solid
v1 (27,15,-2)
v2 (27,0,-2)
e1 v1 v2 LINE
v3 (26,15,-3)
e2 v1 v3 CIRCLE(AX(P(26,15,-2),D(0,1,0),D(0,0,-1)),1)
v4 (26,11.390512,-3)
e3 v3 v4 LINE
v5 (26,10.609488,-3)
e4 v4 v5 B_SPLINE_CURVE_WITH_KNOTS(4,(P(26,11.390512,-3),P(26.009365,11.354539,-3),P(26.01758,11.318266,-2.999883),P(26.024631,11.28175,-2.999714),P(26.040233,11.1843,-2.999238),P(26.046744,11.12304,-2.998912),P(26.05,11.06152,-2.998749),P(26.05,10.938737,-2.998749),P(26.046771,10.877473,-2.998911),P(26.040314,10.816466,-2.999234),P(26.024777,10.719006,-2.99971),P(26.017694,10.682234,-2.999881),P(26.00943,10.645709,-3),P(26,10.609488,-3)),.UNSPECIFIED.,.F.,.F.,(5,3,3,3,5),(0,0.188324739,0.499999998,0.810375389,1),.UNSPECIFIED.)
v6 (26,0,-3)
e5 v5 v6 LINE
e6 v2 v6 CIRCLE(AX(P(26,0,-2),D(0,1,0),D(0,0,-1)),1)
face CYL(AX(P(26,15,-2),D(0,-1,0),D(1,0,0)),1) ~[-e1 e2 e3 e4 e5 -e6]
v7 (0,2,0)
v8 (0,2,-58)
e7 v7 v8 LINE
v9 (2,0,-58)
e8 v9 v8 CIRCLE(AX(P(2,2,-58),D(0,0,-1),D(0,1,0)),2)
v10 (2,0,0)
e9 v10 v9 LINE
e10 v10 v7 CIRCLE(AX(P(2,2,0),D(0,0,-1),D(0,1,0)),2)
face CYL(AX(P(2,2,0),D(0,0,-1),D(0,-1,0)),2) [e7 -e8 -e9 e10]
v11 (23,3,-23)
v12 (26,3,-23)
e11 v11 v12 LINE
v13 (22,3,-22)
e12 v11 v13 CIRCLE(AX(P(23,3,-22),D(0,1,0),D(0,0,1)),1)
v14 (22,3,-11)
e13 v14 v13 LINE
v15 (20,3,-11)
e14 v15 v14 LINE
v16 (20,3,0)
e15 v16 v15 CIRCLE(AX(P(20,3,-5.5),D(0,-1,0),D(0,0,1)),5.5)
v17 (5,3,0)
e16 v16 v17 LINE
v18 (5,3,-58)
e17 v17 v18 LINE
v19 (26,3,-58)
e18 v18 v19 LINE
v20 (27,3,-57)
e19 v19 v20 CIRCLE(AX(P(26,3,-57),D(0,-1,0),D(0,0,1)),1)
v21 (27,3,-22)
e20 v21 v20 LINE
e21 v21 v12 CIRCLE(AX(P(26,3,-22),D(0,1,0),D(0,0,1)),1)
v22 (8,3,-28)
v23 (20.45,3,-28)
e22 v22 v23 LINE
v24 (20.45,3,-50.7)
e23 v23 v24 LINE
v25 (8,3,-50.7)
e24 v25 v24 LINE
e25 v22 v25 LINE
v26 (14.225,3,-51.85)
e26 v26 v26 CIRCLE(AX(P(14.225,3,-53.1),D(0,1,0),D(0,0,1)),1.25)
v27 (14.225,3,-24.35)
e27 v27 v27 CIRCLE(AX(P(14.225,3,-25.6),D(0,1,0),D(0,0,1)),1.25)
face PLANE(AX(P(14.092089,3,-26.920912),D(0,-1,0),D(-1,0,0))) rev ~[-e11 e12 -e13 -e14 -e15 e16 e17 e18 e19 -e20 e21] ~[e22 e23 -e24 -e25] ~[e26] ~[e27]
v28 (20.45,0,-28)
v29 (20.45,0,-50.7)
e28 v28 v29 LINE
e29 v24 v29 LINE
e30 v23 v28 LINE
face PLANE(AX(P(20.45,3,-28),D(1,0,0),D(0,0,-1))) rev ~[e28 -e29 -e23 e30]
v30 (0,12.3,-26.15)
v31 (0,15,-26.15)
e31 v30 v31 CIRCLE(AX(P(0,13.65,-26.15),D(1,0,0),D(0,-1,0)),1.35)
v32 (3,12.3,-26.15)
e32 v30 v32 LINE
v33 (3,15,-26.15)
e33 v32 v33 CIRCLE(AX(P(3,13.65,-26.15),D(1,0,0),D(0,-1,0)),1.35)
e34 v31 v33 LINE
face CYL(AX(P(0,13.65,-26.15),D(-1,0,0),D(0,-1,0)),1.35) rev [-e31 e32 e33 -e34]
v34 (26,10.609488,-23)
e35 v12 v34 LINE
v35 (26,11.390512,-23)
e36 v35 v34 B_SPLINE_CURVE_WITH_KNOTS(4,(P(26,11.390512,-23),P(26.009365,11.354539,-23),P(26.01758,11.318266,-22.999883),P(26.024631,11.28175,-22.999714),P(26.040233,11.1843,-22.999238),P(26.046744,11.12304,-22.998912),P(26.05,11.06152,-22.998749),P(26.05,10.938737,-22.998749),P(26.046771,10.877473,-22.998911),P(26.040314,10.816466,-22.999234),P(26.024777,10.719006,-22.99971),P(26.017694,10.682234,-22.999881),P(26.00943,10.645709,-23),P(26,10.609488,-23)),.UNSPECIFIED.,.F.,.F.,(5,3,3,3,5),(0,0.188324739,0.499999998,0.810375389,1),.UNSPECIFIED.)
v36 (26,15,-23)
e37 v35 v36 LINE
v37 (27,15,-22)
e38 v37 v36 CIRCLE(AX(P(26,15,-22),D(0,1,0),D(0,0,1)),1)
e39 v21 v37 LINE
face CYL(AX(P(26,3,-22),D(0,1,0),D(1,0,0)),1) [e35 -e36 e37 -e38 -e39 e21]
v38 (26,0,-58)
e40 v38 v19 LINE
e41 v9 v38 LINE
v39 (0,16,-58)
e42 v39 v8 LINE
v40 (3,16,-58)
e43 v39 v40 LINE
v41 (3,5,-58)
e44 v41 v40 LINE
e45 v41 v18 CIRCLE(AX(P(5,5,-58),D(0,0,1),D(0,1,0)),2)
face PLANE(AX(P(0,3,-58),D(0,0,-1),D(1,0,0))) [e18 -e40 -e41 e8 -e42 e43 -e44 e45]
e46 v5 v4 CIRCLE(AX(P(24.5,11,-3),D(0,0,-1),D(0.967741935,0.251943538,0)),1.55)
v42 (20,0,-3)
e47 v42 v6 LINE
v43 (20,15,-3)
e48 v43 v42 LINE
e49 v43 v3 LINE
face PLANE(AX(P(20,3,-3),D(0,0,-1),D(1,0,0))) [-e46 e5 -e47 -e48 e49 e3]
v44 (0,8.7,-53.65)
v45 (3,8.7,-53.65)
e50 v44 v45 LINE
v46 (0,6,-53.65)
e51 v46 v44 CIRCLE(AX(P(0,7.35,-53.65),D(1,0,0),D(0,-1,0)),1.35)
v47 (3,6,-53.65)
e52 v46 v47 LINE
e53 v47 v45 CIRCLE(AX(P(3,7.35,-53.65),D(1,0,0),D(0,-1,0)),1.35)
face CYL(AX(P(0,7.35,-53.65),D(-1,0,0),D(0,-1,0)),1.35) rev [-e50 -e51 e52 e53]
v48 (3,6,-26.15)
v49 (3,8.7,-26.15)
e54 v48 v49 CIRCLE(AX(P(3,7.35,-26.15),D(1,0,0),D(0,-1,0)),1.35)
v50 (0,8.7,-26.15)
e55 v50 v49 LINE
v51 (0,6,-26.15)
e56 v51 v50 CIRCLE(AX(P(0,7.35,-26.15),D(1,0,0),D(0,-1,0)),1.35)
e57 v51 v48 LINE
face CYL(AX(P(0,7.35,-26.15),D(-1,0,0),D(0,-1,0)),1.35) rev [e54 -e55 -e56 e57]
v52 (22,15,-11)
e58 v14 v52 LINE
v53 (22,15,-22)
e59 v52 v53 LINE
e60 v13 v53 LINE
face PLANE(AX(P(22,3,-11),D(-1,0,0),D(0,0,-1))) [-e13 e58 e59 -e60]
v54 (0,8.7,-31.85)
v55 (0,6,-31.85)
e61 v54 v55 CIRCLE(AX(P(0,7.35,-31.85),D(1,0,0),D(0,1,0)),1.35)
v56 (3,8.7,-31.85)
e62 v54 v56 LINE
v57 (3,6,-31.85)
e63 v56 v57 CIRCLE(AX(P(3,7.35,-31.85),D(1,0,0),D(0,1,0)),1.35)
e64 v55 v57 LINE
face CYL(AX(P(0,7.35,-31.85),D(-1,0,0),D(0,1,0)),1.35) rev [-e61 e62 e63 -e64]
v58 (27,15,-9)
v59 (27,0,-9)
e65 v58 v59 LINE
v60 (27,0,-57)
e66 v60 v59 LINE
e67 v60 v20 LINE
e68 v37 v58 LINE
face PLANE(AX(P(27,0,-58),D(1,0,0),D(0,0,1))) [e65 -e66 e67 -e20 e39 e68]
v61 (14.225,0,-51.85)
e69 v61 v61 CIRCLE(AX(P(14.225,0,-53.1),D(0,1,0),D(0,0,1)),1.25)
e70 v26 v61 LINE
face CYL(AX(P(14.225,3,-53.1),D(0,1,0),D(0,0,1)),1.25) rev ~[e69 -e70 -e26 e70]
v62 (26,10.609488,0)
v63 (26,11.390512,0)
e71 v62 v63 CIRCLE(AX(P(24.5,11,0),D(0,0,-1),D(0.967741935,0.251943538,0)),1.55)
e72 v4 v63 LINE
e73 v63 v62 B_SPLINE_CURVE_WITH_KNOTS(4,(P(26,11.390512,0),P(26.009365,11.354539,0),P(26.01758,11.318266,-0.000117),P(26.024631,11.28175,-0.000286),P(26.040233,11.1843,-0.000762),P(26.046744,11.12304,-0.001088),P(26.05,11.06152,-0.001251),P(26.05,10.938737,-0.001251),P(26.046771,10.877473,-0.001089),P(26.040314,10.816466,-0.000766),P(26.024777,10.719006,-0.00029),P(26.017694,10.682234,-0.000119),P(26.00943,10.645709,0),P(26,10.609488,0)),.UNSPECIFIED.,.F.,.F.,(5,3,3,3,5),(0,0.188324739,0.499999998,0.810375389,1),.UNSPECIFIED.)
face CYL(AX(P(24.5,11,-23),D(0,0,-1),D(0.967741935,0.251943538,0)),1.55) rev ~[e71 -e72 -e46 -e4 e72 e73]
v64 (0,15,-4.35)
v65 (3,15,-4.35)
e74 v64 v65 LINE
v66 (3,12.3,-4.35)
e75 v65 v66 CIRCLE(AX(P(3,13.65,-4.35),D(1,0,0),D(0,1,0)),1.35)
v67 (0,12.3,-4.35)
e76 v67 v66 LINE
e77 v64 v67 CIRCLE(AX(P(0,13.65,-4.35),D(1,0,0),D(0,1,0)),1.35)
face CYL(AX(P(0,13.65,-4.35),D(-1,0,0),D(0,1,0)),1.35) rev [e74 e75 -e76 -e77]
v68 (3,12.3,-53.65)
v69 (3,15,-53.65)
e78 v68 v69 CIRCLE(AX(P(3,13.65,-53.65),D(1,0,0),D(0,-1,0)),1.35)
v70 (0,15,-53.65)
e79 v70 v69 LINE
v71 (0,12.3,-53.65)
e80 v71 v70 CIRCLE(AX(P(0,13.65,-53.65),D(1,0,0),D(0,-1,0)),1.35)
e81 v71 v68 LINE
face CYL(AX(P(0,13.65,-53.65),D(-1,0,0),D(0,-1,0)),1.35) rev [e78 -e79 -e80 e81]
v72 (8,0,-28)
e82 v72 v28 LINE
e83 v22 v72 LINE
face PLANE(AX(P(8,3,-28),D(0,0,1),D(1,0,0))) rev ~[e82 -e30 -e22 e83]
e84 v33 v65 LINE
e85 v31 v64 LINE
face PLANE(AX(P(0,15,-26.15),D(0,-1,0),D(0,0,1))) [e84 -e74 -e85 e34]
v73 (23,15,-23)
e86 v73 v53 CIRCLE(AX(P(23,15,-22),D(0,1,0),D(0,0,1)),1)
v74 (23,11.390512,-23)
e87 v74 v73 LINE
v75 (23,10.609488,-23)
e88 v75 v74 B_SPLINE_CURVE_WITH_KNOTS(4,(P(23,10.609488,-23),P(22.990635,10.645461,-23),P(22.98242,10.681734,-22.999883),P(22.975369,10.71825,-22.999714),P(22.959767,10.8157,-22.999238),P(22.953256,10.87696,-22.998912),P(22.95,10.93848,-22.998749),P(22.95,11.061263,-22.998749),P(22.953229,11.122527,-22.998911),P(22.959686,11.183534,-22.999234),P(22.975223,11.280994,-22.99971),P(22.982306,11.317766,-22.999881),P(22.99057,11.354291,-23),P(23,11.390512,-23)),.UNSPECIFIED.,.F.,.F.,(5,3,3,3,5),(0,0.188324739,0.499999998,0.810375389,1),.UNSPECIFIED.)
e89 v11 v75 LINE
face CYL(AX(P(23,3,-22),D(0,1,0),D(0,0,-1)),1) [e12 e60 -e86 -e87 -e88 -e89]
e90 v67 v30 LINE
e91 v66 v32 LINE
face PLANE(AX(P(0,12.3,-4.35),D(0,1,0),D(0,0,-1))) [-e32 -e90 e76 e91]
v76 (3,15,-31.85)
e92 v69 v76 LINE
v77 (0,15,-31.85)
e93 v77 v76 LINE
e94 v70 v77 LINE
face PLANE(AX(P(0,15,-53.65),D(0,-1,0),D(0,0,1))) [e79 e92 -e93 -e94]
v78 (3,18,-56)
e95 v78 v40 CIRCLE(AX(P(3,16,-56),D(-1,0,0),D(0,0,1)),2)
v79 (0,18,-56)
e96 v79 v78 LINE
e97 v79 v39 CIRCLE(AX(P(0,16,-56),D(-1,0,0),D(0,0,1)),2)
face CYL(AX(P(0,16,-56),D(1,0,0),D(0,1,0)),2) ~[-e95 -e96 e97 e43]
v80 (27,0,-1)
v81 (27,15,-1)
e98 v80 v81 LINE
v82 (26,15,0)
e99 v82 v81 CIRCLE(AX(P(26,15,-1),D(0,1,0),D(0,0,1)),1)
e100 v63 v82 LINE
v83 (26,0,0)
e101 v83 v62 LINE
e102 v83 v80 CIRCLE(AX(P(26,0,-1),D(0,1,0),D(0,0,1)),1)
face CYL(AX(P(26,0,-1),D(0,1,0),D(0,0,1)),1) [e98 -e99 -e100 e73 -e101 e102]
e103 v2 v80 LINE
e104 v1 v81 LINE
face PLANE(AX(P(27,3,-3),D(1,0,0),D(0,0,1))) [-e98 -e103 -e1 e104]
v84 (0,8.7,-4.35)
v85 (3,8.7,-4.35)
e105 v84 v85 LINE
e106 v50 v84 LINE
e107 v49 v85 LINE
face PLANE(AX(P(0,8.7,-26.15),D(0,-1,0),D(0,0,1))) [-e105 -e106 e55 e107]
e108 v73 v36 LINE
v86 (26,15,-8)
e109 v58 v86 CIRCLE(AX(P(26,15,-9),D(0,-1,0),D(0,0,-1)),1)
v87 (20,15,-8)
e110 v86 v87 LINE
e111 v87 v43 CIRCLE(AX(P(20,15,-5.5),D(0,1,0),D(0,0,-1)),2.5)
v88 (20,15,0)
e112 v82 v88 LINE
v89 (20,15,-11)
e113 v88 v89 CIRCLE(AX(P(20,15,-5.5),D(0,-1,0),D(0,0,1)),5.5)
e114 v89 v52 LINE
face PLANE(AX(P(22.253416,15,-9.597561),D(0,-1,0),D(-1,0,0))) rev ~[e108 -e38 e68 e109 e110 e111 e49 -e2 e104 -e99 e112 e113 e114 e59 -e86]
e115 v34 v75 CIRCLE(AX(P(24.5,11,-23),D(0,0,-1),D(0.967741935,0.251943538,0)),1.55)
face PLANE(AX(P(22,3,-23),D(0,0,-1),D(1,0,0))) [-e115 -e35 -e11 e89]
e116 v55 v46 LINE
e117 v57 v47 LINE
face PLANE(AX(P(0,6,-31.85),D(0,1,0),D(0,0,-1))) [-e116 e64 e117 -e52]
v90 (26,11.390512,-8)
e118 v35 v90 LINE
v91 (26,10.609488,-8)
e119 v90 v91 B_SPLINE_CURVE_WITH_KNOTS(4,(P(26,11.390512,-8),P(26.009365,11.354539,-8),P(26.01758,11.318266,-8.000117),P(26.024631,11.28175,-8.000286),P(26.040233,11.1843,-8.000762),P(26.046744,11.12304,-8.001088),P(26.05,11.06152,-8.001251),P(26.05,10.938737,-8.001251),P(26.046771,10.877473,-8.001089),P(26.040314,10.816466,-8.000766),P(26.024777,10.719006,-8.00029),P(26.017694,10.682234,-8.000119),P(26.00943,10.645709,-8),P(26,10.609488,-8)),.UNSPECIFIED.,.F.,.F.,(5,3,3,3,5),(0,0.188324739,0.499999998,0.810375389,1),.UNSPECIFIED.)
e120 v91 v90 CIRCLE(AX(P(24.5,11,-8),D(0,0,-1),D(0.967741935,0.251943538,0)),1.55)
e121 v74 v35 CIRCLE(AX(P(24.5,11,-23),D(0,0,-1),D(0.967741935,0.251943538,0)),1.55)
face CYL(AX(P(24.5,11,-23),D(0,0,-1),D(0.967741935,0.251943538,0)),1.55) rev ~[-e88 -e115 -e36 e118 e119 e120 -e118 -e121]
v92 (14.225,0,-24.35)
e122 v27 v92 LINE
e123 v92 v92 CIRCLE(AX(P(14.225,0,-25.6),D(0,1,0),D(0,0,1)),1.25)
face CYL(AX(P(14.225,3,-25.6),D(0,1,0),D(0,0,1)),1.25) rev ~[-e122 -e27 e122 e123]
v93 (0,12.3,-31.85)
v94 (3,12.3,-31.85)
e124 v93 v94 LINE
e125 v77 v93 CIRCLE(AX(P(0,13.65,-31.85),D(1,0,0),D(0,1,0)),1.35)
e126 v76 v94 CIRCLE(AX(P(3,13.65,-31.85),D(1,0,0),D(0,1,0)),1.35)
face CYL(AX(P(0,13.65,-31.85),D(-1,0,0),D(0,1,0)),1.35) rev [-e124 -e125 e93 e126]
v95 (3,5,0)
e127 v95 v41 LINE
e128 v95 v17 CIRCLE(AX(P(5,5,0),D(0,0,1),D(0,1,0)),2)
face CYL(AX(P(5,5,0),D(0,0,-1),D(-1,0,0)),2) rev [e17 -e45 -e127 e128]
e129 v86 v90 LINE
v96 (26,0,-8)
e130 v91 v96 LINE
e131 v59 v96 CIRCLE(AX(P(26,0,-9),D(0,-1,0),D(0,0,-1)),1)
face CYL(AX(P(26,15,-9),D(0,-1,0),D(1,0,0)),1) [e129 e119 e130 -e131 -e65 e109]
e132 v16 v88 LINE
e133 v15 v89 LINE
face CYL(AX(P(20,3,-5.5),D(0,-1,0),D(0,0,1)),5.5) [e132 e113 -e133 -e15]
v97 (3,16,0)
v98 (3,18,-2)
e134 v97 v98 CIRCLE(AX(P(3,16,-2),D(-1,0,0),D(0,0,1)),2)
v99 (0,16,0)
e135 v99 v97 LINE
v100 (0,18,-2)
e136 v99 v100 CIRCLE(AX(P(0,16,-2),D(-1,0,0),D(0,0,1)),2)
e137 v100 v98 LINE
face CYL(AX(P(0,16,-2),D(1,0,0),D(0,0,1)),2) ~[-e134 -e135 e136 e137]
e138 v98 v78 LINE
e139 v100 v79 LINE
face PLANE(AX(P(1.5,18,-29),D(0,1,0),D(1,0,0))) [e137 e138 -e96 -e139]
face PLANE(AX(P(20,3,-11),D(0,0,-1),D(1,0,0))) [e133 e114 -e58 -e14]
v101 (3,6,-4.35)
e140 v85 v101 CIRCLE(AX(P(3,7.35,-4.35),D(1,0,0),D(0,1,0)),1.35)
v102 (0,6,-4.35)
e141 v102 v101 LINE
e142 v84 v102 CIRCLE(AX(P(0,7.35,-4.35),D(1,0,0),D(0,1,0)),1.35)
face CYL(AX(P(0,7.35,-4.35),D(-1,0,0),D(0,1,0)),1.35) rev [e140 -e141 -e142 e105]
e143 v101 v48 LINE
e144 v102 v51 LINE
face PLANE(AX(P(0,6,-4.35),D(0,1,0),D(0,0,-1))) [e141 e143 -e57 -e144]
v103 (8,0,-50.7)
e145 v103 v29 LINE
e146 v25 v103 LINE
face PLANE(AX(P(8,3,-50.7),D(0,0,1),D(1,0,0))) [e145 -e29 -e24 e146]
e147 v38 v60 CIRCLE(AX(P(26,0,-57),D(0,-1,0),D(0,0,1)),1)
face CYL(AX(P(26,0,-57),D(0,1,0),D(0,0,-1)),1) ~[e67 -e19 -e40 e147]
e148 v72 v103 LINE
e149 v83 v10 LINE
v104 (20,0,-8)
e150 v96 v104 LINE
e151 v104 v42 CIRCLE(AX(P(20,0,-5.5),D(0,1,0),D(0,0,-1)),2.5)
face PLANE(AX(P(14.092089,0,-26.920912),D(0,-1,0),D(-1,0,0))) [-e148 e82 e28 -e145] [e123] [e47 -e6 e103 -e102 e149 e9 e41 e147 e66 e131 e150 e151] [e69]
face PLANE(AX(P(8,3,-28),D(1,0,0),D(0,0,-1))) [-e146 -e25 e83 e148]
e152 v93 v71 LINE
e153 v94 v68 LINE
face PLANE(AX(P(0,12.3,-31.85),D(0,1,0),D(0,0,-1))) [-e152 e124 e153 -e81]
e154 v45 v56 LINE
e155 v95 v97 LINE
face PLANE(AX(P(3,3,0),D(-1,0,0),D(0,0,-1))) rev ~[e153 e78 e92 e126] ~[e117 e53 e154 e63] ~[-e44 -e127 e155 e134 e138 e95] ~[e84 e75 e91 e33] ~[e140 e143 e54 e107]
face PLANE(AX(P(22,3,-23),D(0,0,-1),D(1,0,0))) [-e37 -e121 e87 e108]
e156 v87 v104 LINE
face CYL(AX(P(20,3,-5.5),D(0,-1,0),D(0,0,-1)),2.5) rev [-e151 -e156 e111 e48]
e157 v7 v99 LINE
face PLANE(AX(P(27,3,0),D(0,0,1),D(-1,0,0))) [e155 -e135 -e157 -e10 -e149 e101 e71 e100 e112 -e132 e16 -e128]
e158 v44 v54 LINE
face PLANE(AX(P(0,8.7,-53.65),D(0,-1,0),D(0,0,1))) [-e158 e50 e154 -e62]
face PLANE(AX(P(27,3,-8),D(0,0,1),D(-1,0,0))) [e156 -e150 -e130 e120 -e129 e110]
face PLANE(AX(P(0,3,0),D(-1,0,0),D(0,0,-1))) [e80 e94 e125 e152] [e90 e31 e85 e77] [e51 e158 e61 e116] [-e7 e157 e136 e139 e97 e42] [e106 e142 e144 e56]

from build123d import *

# Parameters (mm, degrees)
BOSS_EXTRUDE1_DEPTH = 3
SKETCH2_R           = 1.25
SKETCH2_W           = 12.45
SKETCH2_H           = 22.7
CUT_EXTRUDE1_DEPTH  = 3
SKETCH3_W           = 3
SKETCH3_H           = 58
BOSS_EXTRUDE2_DEPTH = 15
BOSS_EXTRUDE3_DEPTH = 12
FILLET1_R           = 2
FILLET2_R           = 2
FILLET3_R           = 1
CUT_EXTRUDE2_DEPTH  = 3
SKETCH7_R           = 1.55
CUT_EXTRUDE3_DEPTH  = 48.728398255


with BuildPart() as part:
    # Sketch1 → Boss-Extrude1 (new body)
    with BuildSketch(Plane(origin=(0, 0, 0), x_dir=(1, 0, 0), z_dir=(0, 1, 0))):
        with BuildLine():
            Line((27, 8), (20, 8))
            ThreePointArc((20, 8), (17.5, 5.5), (20, 3))
            Line((20, 3), (27, 3))
            Line((27, 3), (27, 0))
            Line((27, 0), (0, 0))
            Line((0, 0), (0, 58))
            Line((0, 58), (27, 58))
            Line((27, 58), (27, 8))
        make_face()
    extrude(amount=BOSS_EXTRUDE1_DEPTH)

    # Sketch2 → Cut-Extrude1 (cut)
    with BuildSketch(Plane(origin=(0, 3, 0), x_dir=(1, 0, 0), z_dir=(0, 1, 0))):
        with Locations(Location((14.225, 53.1, 0), (0, 0, 270))):
            Circle(SKETCH2_R)
        with Locations(Location((14.225, 25.6, 0), (0, 0, 270))):
            Circle(SKETCH2_R)
        with Locations((14.225, 39.35)):
            Rectangle(SKETCH2_W, SKETCH2_H)
    extrude(amount=-CUT_EXTRUDE1_DEPTH, mode=Mode.SUBTRACT)

    # Sketch3 → Boss-Extrude2 (add)
    with BuildSketch(Plane(origin=(0, 3, 0), x_dir=(1, 0, 0), z_dir=(0, 1, 0))):
        with Locations((1.5, 29)):
            Rectangle(SKETCH3_W, SKETCH3_H)
    extrude(amount=BOSS_EXTRUDE2_DEPTH)

    # Sketch4 → Boss-Extrude3 (add)
    with BuildSketch(Plane(origin=(0, 3, 0), x_dir=(1, 0, 0), z_dir=(0, 1, 0))):
        with BuildLine():
            Line((20, 11), (22, 11))
            Line((22, 11), (22, 23))
            Line((22, 23), (27, 23))
            Line((27, 23), (27, 11))
            Line((27, 11), (27, 8))
            Line((27, 8), (20, 8))
            ThreePointArc((20, 8), (17.5, 5.5), (20, 3))
            Line((20, 3), (27, 3))
            Line((27, 3), (27, 0))
            Line((27, 0), (20, 0))
            ThreePointArc((20, 0), (14.5, 5.5), (20, 11))
        make_face()
    extrude(amount=BOSS_EXTRUDE3_DEPTH)

    # Fillet1
    fillet1_edges = [part.edges().sort_by_distance(p)[0] for p in [
        (0, 0, -29),
        (3, 3, -29),
    ]]
    fillet(fillet1_edges, radius=FILLET1_R)

    # Fillet2
    fillet2_edges = [part.edges().sort_by_distance(p)[0] for p in [
        (1.5, 18, 0),
        (1.5, 18, -58),
    ]]
    fillet(fillet2_edges, radius=FILLET2_R)

    # Fillet3
    fillet3_edges = [part.edges().sort_by_distance(p)[0] for p in [
        (27, 1.5, -58),
        (27, 7.5, -8),
        (27, 7.5, -3),
        (27, 7.5, 0),
        (27, 9, -23),
        (22, 9, -23),
    ]]
    fillet(fillet3_edges, radius=FILLET3_R)

    # Sketch5 → Cut-Extrude2 (cut)
    with BuildSketch(Plane.ZY):
        with BuildLine():
            Line((-53.65, 15), (-31.85, 15))
            ThreePointArc((-31.85, 15), (-30.5, 13.65), (-31.85, 12.3))
            Line((-31.85, 12.3), (-53.65, 12.3))
            ThreePointArc((-53.65, 12.3), (-55, 13.65), (-53.65, 15))
        make_face()
        with BuildLine():
            Line((-53.65, 8.7), (-31.85, 8.7))
            ThreePointArc((-31.85, 8.7), (-30.5, 7.35), (-31.85, 6))
            Line((-31.85, 6), (-53.65, 6))
            ThreePointArc((-53.65, 6), (-55, 7.35), (-53.65, 8.7))
        make_face()
        with BuildLine():
            Line((-26.15, 15), (-4.35, 15))
            ThreePointArc((-4.35, 15), (-3, 13.65), (-4.35, 12.3))
            Line((-4.35, 12.3), (-26.15, 12.3))
            ThreePointArc((-26.15, 12.3), (-27.5, 13.65), (-26.15, 15))
        make_face()
        with BuildLine():
            Line((-26.15, 8.7), (-4.35, 8.7))
            ThreePointArc((-4.35, 8.7), (-3, 7.35), (-4.35, 6))
            Line((-4.35, 6), (-26.15, 6))
            ThreePointArc((-26.15, 6), (-27.5, 7.35), (-26.15, 8.7))
        make_face()
    extrude(amount=-CUT_EXTRUDE2_DEPTH, mode=Mode.SUBTRACT)

    # Sketch7 → Cut-Extrude3 (cut, through all)
    with BuildSketch(Plane(origin=(0, 0, -23), x_dir=(-1, 0, 0), z_dir=(0, 0, -1))):
        with Locations(Location((-24.5, 11, 0), (0, 0, 165.407449398))):
            Circle(SKETCH7_R)
    extrude(amount=-CUT_EXTRUDE3_DEPTH, mode=Mode.SUBTRACT)


solid = part.part
